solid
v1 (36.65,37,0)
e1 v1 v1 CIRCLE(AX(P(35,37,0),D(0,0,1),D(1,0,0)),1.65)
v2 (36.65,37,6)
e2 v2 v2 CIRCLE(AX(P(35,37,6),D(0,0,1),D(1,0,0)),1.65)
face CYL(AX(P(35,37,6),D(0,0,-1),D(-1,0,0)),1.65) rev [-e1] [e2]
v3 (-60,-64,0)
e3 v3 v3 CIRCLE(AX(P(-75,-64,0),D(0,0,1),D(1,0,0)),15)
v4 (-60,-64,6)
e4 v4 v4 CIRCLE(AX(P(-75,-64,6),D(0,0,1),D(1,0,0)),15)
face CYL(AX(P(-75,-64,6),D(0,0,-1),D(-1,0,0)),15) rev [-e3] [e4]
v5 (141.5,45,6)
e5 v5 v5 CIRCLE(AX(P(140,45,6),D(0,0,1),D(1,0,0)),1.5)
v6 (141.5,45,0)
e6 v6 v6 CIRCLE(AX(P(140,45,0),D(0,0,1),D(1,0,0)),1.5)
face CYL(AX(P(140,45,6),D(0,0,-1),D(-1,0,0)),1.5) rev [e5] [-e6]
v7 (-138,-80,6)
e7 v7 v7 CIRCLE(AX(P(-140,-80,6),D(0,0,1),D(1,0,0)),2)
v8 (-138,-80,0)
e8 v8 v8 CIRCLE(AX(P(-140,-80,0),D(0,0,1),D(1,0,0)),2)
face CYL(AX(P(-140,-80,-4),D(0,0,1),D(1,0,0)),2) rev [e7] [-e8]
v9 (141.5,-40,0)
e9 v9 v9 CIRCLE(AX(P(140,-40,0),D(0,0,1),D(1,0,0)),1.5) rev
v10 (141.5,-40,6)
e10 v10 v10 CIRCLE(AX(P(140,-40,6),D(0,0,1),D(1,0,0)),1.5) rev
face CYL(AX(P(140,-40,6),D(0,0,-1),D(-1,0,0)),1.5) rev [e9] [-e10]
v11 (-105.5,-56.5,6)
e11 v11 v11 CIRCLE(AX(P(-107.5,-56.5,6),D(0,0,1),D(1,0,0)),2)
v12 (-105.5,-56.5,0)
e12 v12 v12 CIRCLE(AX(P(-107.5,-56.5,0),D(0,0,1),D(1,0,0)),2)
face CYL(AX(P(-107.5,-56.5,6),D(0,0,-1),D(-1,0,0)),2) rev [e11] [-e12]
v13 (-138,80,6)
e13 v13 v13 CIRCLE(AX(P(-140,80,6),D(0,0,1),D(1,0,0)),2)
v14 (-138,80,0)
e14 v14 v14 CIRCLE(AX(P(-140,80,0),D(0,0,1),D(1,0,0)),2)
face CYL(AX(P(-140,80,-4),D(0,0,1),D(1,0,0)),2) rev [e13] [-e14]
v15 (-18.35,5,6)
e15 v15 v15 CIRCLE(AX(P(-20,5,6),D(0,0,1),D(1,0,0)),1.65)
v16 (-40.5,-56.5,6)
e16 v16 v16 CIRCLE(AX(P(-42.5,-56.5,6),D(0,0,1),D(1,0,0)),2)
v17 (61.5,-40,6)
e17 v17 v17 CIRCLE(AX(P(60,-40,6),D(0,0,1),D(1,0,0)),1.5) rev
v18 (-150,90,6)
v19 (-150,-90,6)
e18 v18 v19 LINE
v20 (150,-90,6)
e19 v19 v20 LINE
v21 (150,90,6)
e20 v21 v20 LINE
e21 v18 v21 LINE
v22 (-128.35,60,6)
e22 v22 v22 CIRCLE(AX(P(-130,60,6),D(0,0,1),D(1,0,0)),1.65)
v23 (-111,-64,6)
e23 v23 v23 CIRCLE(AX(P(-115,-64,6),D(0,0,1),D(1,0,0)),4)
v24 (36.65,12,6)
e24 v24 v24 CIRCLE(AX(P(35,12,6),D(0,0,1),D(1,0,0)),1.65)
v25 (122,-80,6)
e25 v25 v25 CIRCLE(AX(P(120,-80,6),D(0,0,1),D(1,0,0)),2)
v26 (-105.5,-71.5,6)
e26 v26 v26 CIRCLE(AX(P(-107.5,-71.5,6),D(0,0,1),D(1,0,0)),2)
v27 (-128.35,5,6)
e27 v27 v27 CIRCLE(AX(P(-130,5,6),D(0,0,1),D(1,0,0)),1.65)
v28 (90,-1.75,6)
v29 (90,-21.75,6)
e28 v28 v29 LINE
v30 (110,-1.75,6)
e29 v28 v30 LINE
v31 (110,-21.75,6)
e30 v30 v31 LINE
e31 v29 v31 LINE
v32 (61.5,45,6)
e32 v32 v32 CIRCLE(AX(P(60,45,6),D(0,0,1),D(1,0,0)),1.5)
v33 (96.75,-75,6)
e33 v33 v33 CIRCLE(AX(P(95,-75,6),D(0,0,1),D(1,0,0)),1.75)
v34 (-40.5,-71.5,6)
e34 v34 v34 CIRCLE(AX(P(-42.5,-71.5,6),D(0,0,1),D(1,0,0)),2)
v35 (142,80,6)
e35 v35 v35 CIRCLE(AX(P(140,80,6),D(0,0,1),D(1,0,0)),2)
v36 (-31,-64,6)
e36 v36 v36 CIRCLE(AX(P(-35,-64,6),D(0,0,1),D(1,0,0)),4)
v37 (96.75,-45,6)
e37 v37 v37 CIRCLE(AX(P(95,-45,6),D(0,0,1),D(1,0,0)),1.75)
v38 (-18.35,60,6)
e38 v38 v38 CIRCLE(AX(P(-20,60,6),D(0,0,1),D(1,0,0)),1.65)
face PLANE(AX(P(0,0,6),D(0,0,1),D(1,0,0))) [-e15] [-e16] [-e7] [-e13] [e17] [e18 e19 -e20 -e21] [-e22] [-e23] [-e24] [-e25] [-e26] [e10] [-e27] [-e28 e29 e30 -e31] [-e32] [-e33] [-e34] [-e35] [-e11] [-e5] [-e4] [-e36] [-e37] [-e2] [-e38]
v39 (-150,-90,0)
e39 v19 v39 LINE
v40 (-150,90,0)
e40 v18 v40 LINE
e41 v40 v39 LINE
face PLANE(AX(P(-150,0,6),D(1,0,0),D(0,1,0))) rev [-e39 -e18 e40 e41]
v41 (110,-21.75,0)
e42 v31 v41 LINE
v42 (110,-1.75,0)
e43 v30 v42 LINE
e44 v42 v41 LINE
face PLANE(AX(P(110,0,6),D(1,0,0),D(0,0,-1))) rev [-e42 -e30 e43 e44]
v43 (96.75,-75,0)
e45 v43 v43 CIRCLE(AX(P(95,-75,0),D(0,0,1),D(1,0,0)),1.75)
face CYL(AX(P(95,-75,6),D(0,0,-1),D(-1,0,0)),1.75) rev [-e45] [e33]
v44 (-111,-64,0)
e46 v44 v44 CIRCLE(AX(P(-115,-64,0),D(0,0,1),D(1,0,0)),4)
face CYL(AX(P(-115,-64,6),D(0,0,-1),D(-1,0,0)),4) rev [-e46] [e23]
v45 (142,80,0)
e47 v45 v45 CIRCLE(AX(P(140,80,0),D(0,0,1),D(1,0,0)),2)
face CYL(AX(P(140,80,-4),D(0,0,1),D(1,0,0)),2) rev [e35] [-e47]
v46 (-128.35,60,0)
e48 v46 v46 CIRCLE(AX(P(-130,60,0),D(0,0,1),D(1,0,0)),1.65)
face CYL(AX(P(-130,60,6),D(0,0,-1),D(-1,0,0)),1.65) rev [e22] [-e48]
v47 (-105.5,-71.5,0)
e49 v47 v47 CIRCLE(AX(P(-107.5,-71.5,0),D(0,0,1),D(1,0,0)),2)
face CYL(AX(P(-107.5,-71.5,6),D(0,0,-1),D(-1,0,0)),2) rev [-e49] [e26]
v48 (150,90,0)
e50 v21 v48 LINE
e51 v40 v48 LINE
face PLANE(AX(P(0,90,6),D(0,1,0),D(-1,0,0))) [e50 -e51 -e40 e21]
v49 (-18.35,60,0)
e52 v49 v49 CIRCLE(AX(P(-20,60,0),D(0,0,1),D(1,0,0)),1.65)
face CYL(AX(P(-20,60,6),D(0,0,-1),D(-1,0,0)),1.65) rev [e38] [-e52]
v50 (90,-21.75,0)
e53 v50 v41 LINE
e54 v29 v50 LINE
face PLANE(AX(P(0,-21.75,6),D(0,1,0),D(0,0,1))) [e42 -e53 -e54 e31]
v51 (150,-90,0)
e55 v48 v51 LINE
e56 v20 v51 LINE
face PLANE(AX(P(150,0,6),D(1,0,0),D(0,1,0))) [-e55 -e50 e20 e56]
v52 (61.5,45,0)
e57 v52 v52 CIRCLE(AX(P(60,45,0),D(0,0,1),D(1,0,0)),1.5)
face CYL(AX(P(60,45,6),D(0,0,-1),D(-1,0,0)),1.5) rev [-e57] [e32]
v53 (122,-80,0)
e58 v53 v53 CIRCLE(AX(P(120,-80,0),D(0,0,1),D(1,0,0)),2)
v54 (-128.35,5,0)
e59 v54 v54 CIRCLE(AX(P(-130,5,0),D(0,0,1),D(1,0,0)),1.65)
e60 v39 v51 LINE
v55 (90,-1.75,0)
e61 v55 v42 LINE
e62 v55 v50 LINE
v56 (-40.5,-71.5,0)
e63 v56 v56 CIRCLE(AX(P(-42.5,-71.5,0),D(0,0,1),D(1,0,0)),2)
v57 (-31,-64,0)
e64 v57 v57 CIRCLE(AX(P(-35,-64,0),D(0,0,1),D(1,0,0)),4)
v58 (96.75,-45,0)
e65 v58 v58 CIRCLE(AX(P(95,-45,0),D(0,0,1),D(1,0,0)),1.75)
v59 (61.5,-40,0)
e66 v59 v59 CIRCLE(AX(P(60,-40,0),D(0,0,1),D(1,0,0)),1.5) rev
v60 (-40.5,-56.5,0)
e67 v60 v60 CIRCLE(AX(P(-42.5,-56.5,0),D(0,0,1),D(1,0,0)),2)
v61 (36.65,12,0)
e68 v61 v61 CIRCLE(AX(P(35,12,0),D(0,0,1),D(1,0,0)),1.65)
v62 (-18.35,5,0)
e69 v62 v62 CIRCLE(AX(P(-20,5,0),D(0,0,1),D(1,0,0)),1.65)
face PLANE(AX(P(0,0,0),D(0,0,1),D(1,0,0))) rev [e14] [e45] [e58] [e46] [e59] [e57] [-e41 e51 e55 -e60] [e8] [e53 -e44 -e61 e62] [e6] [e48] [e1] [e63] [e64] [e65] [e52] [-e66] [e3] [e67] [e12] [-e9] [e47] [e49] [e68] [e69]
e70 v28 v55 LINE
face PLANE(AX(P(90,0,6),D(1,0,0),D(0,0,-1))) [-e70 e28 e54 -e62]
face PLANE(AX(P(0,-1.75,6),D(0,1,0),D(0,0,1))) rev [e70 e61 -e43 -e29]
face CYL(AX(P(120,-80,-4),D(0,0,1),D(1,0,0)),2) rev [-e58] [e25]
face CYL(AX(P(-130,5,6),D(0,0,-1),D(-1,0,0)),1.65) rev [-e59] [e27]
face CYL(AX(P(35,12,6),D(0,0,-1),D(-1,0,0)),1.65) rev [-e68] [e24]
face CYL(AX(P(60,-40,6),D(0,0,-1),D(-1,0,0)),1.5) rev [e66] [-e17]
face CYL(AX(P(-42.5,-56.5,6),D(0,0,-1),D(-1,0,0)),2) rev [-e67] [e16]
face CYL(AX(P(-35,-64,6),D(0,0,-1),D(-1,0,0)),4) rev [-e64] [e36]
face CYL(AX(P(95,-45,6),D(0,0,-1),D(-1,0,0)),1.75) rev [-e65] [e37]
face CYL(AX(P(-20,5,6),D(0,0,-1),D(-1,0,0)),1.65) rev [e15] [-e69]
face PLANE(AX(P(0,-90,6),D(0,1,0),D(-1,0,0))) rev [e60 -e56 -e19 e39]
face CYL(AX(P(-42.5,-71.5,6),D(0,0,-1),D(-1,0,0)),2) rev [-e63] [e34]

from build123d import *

# Parameters (mm, degrees)
ESBO_O1_W                = 300
ESBO_O1_H                = 180
ESBO_O1_R                = 1.5
ESBO_O1_R_2              = 2
ESBO_O1_R_3              = 15
ESBO_O1_R_4              = 4
ESBO_O1_R_5              = 1.65
ESBO_O1_R_6              = 1.75
ESBO_O1_W_2              = 20
ESBO_O1_H_2              = 20
RESSALTO_EXTRUS_O1_DEPTH = 6
ESBO_O2_R                = 2
CORTE_EXTRUS_O1_DEPTH    = 10


with BuildPart() as part:
    # Esboço1 → Ressalto-extrusão1 (new body)
    with BuildSketch(Plane.XY):
        Rectangle(ESBO_O1_W, ESBO_O1_H)
        with Locations((140, 45)):
            Circle(ESBO_O1_R, mode=Mode.SUBTRACT)
        with Locations((140, -40)):
            Circle(ESBO_O1_R, mode=Mode.SUBTRACT)
        with Locations((60, -40)):
            Circle(ESBO_O1_R, mode=Mode.SUBTRACT)
        with Locations((60, 45)):
            Circle(ESBO_O1_R, mode=Mode.SUBTRACT)
        with Locations((-107.5, -56.5)):
            Circle(ESBO_O1_R_2, mode=Mode.SUBTRACT)
        with Locations((-42.5, -56.5)):
            Circle(ESBO_O1_R_2, mode=Mode.SUBTRACT)
        with Locations((-75, -64)):
            Circle(ESBO_O1_R_3, mode=Mode.SUBTRACT)
        with Locations((-35, -64)):
            Circle(ESBO_O1_R_4, mode=Mode.SUBTRACT)
        with Locations((-115, -64)):
            Circle(ESBO_O1_R_4, mode=Mode.SUBTRACT)
        with Locations((-42.5, -71.5)):
            Circle(ESBO_O1_R_2, mode=Mode.SUBTRACT)
        with Locations((-107.5, -71.5)):
            Circle(ESBO_O1_R_2, mode=Mode.SUBTRACT)
        with Locations((35, 37)):
            Circle(ESBO_O1_R_5, mode=Mode.SUBTRACT)
        with Locations((35, 12)):
            Circle(ESBO_O1_R_5, mode=Mode.SUBTRACT)
        with Locations((-130, 60)):
            Circle(ESBO_O1_R_5, mode=Mode.SUBTRACT)
        with Locations((-20, 60)):
            Circle(ESBO_O1_R_5, mode=Mode.SUBTRACT)
        with Locations((-20, 5)):
            Circle(ESBO_O1_R_5, mode=Mode.SUBTRACT)
        with Locations((-130, 5)):
            Circle(ESBO_O1_R_5, mode=Mode.SUBTRACT)
        with Locations((95, -45)):
            Circle(ESBO_O1_R_6, mode=Mode.SUBTRACT)
        with Locations((95, -75)):
            Circle(ESBO_O1_R_6, mode=Mode.SUBTRACT)
        with Locations((100, -11.75)):
            Rectangle(ESBO_O1_W_2, ESBO_O1_H_2, mode=Mode.SUBTRACT)
    extrude(amount=RESSALTO_EXTRUS_O1_DEPTH)

    # Esboço2 → Corte-extrusão1 (cut)
    with BuildSketch(Plane.XY.offset(6)):
        with Locations((-140, 80)):
            Circle(ESBO_O2_R)
        with Locations((140, 80)):
            Circle(ESBO_O2_R)
        with Locations((120, -80)):
            Circle(ESBO_O2_R)
        with Locations((-140, -80)):
            Circle(ESBO_O2_R)
    extrude(amount=-CORTE_EXTRUS_O1_DEPTH, mode=Mode.SUBTRACT)


solid = part.part
